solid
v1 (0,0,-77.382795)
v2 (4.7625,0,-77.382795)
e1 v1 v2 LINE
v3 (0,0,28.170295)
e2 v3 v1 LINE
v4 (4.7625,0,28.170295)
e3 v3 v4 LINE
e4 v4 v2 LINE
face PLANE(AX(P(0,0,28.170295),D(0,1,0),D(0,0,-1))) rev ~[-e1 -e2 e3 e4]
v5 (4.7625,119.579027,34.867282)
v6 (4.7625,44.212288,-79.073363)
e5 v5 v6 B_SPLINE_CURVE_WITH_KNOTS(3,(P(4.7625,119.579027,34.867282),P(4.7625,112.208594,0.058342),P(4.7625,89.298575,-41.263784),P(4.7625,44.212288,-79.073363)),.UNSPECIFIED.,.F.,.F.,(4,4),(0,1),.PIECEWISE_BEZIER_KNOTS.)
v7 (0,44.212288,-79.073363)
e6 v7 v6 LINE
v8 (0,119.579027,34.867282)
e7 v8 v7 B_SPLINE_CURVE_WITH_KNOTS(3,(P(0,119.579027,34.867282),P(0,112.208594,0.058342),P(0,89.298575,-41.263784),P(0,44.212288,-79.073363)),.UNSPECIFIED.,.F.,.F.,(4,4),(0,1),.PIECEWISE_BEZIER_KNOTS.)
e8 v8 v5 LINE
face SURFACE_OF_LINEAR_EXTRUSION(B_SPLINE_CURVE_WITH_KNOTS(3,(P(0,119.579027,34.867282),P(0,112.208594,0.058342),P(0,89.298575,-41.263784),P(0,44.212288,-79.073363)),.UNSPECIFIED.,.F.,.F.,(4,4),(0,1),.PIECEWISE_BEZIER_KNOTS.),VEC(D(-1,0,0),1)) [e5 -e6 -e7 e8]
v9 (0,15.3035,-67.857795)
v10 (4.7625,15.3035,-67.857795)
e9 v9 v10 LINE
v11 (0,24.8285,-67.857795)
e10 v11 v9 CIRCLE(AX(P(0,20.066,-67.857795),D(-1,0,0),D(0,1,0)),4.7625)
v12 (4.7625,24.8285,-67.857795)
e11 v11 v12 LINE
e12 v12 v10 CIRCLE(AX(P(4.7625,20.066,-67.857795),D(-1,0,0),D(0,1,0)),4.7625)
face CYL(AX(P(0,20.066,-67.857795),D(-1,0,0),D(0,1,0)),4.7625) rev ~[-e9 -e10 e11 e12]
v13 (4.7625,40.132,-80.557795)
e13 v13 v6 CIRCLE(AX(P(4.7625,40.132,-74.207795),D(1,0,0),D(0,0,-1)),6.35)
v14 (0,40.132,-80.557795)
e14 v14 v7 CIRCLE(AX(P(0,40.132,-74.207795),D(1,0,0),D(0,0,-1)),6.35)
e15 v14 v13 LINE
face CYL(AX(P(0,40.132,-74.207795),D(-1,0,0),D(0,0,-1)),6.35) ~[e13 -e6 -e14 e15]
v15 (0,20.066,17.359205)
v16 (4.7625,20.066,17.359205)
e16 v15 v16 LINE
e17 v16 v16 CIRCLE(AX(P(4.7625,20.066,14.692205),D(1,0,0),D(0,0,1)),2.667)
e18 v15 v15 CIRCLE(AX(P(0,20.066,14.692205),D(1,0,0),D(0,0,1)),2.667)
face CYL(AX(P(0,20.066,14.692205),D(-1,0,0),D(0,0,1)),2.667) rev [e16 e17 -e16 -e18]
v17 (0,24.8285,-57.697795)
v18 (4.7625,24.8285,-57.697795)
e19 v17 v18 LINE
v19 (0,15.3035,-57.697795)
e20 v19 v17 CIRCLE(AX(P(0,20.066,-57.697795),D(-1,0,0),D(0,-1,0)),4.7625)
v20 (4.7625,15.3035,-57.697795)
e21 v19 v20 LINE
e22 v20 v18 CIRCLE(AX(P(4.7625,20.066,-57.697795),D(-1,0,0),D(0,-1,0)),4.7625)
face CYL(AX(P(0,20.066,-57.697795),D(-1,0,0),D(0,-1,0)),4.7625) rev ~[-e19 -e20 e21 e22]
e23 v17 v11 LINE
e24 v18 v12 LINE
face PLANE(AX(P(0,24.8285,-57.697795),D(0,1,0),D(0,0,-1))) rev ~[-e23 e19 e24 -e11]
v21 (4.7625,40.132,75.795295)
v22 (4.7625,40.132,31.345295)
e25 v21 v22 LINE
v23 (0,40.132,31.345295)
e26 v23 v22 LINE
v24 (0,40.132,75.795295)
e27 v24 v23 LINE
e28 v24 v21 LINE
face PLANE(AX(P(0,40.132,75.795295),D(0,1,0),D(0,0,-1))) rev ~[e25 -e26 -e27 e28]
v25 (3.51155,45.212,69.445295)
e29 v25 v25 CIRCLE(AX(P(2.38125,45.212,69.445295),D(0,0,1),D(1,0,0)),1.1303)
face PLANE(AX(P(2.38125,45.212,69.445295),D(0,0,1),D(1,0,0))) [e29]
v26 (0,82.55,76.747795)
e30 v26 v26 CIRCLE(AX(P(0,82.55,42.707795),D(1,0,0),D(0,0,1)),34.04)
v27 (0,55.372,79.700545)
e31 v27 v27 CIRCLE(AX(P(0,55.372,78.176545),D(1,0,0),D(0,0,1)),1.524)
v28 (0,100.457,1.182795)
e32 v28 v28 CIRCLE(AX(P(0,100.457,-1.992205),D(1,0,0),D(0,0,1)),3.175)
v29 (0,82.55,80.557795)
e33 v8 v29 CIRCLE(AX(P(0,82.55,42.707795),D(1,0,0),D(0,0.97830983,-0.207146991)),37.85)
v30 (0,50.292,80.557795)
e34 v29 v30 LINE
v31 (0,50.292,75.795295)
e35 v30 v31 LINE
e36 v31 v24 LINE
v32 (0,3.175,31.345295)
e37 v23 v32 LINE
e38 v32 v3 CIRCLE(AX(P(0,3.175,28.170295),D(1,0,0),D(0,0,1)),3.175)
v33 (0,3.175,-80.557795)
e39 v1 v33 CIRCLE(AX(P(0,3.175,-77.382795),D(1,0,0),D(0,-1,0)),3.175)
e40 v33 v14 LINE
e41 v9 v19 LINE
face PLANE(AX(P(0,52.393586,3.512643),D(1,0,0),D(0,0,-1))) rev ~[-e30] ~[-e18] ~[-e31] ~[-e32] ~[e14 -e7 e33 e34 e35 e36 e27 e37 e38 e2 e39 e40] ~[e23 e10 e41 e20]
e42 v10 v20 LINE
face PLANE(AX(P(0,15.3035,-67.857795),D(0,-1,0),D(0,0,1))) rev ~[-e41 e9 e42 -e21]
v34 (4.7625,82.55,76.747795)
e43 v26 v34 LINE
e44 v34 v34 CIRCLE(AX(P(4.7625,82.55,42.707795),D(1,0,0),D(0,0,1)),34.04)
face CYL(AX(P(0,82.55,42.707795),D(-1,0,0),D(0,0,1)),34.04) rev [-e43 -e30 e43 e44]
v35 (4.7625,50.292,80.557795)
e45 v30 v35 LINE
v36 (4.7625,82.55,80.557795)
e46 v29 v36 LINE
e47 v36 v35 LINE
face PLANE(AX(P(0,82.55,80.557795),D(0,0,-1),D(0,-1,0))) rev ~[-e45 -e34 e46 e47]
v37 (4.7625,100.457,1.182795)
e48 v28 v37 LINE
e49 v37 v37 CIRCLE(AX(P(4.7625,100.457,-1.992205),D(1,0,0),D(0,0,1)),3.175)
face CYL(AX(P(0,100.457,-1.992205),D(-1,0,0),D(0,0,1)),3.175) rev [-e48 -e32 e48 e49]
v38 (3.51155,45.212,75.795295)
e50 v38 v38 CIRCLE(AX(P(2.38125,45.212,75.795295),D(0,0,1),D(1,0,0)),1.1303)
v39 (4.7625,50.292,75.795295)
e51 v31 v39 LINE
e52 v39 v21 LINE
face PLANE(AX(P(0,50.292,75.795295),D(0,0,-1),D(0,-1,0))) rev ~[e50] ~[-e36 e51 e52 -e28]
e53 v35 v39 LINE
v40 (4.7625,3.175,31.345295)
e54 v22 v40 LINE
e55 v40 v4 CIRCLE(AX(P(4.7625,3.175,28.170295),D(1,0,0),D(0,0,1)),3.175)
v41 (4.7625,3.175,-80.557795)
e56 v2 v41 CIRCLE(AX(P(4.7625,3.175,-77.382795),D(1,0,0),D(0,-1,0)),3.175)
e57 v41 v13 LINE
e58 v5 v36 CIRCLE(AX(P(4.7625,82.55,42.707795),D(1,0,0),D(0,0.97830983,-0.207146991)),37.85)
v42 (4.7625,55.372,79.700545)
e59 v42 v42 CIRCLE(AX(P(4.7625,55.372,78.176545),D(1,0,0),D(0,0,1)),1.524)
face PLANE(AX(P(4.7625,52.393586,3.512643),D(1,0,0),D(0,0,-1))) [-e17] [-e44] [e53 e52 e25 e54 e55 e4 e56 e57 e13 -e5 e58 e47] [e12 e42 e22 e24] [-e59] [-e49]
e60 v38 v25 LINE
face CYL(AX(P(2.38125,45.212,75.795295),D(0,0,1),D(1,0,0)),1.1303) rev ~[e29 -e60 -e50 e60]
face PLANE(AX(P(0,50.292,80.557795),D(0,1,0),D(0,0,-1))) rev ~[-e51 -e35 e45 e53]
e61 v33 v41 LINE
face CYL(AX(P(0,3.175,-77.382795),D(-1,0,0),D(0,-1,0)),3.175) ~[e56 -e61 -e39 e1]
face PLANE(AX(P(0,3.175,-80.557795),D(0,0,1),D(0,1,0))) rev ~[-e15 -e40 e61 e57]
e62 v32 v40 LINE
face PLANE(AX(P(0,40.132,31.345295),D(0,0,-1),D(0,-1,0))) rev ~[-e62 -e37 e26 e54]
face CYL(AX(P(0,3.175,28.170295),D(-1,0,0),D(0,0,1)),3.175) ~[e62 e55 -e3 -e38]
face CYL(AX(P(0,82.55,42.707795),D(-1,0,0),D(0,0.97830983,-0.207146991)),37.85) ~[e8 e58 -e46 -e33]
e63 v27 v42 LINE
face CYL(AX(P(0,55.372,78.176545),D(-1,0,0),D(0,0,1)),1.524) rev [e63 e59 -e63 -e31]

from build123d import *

# Parameters (mm, degrees)
SKETCH1_R           = 1.524
SKETCH1_R_2         = 3.175
SKETCH1_R_3         = 2.667
SKETCH1_R_4         = 34.04
BOSS_EXTRUDE1_DEPTH = 4.7625
SKETCH2_R           = 1.1303
CUT_EXTRUDE1_DEPTH  = 6.35


with BuildPart() as part:
    # Sketch1 → Boss-Extrude1 (new body)
    with BuildSketch(Plane(origin=(0, 0, 0), x_dir=(0, 0, -1), z_dir=(1, 0, 0))):
        with BuildLine():
            Line((-28.170295117, 0), (77.382795117, 0))
            ThreePointArc((77.382795117, 0), (79.627859148, 0.92993597), (80.557795117, 3.175))
            Line((80.557795117, 3.175), (80.557795117, 40.132))
            ThreePointArc((80.557795117, 40.132), (80.175158576, 42.302961389), (79.073362565, 44.212288398))
            add(Edge.make_bspline(
                [(-34.867281509, 119.579027078), (-0.058341562, 112.208593965), (41.263784204, 89.298575374), (79.073362565, 44.212288398)],
                knots=[0, 0, 0, 0, 1, 1, 1, 1], degree=3))
            ThreePointArc((-34.867281509, 119.579027078), (-66.539067219, 111.95566221), (-80.557795117, 82.55))
            Line((-80.557795117, 82.55), (-80.557795117, 50.292))
            Line((-80.557795117, 50.292), (-75.795295117, 50.292))
            Line((-75.795295117, 50.292), (-75.795295117, 40.132))
            Line((-75.795295117, 40.132), (-31.345295117, 40.132))
            Line((-31.345295117, 40.132), (-31.345295117, 3.175))
            ThreePointArc((-31.345295117, 3.175), (-30.415359148, 0.92993597), (-28.170295117, 0))
        make_face()
        with Locations(Location((-78.176545117, 55.372, 0), (0, 0, 180))):
            Circle(SKETCH1_R, mode=Mode.SUBTRACT)
        with Locations(Location((1.992204883, 100.457, 0), (0, 0, 180))):
            Circle(SKETCH1_R_2, mode=Mode.SUBTRACT)
        with Locations(Location((-14.692204883, 20.066, 0), (0, 0, 180))):
            Circle(SKETCH1_R_3, mode=Mode.SUBTRACT)
        with Locations(Location((-42.707795117, 82.55, 0), (0, 0, 180))):
            Circle(SKETCH1_R_4, mode=Mode.SUBTRACT)
        with BuildLine():
            Line((67.857795117, 15.3035), (57.697795117, 15.3035))
            ThreePointArc((57.697795117, 15.3035), (52.935295117, 20.066), (57.697795117, 24.8285))
            Line((57.697795117, 24.8285), (67.857795117, 24.8285))
            ThreePointArc((67.857795117, 24.8285), (72.620295117, 20.066), (67.857795117, 15.3035))
        make_face(mode=Mode.SUBTRACT)
    extrude(amount=BOSS_EXTRUDE1_DEPTH)

    # Sketch2 → Cut-Extrude1 (cut)
    with BuildSketch(Plane.XY.offset(75.795295117)):
        with Locations((2.38125, 45.212)):
            Circle(SKETCH2_R)
    extrude(amount=-CUT_EXTRUDE1_DEPTH, mode=Mode.SUBTRACT)


solid = part.part
